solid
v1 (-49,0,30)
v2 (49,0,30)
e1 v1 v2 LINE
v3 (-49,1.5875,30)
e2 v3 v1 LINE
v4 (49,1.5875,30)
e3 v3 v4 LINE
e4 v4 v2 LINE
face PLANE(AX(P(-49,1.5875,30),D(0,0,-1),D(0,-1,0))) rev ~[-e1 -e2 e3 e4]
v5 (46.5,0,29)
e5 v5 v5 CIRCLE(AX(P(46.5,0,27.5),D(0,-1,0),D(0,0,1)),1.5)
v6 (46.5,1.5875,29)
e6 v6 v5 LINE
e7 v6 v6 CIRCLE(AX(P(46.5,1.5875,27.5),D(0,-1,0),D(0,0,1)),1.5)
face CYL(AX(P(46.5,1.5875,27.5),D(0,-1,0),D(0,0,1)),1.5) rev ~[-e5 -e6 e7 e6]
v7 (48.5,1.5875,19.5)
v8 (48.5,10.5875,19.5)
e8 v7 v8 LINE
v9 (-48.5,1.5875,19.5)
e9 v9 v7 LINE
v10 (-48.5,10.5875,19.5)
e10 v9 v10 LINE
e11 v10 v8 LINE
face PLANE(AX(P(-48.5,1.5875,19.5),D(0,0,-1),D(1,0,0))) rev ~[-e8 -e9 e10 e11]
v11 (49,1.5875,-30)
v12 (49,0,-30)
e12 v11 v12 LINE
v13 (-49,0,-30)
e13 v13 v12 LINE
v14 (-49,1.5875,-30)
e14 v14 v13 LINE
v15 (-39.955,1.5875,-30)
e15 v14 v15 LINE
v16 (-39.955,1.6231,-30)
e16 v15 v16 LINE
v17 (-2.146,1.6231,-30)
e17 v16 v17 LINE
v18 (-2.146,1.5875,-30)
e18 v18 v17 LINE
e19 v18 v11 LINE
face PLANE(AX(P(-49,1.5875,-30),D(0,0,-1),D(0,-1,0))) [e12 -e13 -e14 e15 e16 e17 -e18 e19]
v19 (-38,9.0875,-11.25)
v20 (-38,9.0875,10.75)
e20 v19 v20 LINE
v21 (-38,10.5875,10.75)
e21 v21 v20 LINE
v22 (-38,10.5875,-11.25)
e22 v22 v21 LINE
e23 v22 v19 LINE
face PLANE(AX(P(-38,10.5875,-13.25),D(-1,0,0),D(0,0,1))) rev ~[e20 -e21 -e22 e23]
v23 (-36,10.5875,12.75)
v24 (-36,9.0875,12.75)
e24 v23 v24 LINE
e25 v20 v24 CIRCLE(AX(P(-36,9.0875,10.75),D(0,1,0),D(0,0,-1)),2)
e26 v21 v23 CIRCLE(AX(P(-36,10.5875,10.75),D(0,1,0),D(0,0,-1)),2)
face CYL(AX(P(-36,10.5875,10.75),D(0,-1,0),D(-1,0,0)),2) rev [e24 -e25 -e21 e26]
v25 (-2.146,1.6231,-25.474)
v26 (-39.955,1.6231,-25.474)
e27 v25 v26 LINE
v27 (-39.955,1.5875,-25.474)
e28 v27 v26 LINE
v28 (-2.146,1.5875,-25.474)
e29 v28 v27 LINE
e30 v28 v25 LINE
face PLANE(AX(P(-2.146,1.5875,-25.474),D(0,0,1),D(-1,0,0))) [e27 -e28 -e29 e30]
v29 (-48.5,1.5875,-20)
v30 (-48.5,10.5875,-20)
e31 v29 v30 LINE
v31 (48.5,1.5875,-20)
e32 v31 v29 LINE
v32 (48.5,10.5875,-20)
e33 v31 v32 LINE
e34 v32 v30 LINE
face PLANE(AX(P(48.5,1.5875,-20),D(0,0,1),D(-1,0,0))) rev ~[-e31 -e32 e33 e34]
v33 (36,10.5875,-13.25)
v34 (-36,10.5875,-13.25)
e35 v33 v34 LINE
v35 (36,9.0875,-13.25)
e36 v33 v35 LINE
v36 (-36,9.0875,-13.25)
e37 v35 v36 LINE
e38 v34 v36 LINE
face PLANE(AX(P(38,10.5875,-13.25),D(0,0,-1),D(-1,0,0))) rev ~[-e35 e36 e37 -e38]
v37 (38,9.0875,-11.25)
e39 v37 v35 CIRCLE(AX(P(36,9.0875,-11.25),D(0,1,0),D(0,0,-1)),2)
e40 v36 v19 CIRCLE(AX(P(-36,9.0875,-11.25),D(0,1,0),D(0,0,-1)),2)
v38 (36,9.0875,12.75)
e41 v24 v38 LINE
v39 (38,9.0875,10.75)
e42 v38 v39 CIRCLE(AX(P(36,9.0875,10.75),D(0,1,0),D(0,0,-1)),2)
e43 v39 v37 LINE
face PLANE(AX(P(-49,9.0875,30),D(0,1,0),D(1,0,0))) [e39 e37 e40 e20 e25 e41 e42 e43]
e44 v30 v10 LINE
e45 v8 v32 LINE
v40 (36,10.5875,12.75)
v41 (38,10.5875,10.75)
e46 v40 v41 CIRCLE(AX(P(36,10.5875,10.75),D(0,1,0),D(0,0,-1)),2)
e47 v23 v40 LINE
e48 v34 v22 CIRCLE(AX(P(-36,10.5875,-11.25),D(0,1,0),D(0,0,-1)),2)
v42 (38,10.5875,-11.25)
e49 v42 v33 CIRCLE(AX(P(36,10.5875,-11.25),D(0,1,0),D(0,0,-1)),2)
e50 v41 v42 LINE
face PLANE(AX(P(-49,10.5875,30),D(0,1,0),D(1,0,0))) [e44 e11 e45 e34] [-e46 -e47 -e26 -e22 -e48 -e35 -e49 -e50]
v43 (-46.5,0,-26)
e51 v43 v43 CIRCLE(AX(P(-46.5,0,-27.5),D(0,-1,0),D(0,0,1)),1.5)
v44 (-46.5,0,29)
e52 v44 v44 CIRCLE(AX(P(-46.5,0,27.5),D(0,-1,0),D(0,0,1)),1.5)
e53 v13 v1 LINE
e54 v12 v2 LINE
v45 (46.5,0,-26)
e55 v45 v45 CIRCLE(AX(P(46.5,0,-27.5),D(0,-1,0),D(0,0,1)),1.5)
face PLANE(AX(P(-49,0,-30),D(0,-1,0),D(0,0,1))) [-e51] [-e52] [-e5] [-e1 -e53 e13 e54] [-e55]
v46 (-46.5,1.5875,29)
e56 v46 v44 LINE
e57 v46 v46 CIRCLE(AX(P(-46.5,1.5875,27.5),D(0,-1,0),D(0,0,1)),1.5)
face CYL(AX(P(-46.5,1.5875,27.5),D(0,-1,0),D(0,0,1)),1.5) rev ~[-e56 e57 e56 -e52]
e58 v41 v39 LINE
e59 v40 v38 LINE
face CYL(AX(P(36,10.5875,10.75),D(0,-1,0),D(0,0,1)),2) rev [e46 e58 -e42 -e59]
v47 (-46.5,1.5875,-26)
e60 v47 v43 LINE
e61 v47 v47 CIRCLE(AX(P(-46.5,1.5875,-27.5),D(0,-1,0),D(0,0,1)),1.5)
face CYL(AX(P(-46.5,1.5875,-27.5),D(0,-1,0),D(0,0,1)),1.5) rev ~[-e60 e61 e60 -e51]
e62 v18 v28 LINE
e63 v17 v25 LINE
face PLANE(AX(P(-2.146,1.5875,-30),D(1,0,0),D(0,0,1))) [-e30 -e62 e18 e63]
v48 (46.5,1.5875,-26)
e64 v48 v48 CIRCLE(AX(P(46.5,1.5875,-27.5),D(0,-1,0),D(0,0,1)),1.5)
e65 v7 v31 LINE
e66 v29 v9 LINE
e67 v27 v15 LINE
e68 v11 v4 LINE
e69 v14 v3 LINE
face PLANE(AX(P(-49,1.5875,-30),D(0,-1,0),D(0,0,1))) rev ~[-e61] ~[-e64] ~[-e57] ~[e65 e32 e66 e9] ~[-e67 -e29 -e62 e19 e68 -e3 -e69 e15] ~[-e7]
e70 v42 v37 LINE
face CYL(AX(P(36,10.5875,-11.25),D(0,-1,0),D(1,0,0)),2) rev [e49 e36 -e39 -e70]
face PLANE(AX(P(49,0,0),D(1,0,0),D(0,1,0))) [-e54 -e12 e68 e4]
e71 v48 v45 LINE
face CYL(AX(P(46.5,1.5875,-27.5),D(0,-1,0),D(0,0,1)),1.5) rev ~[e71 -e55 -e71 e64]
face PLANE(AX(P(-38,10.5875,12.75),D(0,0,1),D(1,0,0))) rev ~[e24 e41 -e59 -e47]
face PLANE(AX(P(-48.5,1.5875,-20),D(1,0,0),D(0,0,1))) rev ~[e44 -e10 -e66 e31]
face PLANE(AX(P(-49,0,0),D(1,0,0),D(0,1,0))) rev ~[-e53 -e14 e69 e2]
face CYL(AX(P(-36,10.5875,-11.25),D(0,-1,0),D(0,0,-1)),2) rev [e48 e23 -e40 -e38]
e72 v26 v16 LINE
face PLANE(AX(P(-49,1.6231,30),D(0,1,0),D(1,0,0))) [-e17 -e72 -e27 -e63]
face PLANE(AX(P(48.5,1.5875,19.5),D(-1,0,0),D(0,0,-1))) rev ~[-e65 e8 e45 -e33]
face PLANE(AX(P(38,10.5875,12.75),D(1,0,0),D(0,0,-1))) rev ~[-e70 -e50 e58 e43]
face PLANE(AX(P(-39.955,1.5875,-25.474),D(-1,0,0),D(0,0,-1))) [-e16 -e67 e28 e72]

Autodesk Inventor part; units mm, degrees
ref_plane "XZ Plane" through (0, 0, 0) normal (0, 1, 0) x (-1, 0, 0)
ref_plane "XY Plane" through (0, 0, 0) normal (0, 0, 1) x (1, 0, 0)
ref_plane "Work Plane1" through (-49, 0, 0) normal (1, 0, 0) x (0, 1, 0)
sketch "Sketch1" plane through (-49, 0, 0) normal (1, 0, 0) x (0, 1, 0)
  line L0 (1.5875, -30) -> (1.5875, 30)
  line L1 (1.5875, 30) -> (0, 30)
  line L2 (0, -30) -> (0, 30)
  line L3 (1.5875, -30) -> (0, -30)
  dimension "d44" = 1.5875
  dimension "d45" = 60
extrude "Extrusion3" add sketch "Sketch1" along normal blind 98 draft 0
sketch "Sketch3" plane through (-49, 1.5875, 30) normal (0, 1, 0) x (1, 0, 0)
  line L0 (97.5, 50) -> (0.5, 50)
  line L1 (0.5, 50) -> (0.5, 10.5)
  line L2 (97.5, 10.5) -> (97.5, 50)
  line L3 (0.5, 10.5) -> (97.5, 10.5)
extrude "Extrusion2" add sketch "Sketch3" along normal blind 9
sketch "Sketch4" plane through (-49, 10.5875, 30) normal (0, 1, 0) x (1, 0, 0)
  line L0 (87, 17.25) -> (87, 43.25)
  line L1 (11, 17.25) -> (87, 17.25)
  line L2 (11, 43.25) -> (11, 17.25)
  line L3 (87, 43.25) -> (11, 43.25)
extrude "Extrusion1" cut sketch "Sketch4" against normal blind 1.5
hole "Hole4" at (-46.5, 1.5875, 27.5) direction (0, -1, 0) diameter 3 depth 1.5875
hole "Hole3" at (46.5, 1.5875, 27.5) direction (0, -1, 0) diameter 3 depth 1.5875
sketch "Sketch6" plane through (-49, 1.5875, 30) normal (0, 1, 0) x (1, 0, 0)
  point P0 (95.5, 2.5)
hole "Hole2" at (46.5, 1.5875, -27.5) direction (0, -1, 0) diameter 3 depth 1.5875
sketch "Sketch5" plane through (-49, 1.5875, 30) normal (0, 1, 0) x (1, 0, 0)
  point P0 (2.5, 2.5)
hole "Hole1" at (-46.5, 1.5875, -27.5) direction (0, -1, 0) diameter 3 depth 1.5875
fillet "Fillet4" radius 2 1 edges at (-38, 9.8375, -13.25)
fillet "Fillet3" radius 2 1 edges at (-38, 9.8375, 12.75)
fillet "Fillet2" radius 2 1 edges at (38, 9.8375, 12.75)
fillet "Fillet1" radius 2 1 edges at (38, 9.8375, -13.25)
sketch "Sketch9" plane through (-49, 1.5875, 30) normal (0, 1, 0) x (1, 0, 0)
  line L0 (0, 60) -> (98, 60) projected
  line L1 (9.045, 60) -> (46.854, 60)
  line L2 (46.854, 60) -> (46.854, 55.474)
  line L3 (46.854, 55.474) -> (9.045, 55.474)
  line L4 (9.045, 55.474) -> (9.045, 60)
  line L5 (0, 60) -> (0, 0) projected
  point P0 (49, 30)
  dimension "d41" = 37.809
  dimension "d42" = 4.526
  dimension "d43" = 9.045
extrude "Extrusion4" add sketch "Sketch9" along normal blind 0.0356
sketch "Sketch7" plane through (-49, 1.5875, 30) normal (0, 1, 0) x (1, 0, 0)
  point P0 (95.5, 57.5)
sketch "Sketch8" plane through (-49, 1.5875, 30) normal (0, 1, 0) x (1, 0, 0)
  point P0 (2.5, 57.5)
properties part number "4x20 LCD"
